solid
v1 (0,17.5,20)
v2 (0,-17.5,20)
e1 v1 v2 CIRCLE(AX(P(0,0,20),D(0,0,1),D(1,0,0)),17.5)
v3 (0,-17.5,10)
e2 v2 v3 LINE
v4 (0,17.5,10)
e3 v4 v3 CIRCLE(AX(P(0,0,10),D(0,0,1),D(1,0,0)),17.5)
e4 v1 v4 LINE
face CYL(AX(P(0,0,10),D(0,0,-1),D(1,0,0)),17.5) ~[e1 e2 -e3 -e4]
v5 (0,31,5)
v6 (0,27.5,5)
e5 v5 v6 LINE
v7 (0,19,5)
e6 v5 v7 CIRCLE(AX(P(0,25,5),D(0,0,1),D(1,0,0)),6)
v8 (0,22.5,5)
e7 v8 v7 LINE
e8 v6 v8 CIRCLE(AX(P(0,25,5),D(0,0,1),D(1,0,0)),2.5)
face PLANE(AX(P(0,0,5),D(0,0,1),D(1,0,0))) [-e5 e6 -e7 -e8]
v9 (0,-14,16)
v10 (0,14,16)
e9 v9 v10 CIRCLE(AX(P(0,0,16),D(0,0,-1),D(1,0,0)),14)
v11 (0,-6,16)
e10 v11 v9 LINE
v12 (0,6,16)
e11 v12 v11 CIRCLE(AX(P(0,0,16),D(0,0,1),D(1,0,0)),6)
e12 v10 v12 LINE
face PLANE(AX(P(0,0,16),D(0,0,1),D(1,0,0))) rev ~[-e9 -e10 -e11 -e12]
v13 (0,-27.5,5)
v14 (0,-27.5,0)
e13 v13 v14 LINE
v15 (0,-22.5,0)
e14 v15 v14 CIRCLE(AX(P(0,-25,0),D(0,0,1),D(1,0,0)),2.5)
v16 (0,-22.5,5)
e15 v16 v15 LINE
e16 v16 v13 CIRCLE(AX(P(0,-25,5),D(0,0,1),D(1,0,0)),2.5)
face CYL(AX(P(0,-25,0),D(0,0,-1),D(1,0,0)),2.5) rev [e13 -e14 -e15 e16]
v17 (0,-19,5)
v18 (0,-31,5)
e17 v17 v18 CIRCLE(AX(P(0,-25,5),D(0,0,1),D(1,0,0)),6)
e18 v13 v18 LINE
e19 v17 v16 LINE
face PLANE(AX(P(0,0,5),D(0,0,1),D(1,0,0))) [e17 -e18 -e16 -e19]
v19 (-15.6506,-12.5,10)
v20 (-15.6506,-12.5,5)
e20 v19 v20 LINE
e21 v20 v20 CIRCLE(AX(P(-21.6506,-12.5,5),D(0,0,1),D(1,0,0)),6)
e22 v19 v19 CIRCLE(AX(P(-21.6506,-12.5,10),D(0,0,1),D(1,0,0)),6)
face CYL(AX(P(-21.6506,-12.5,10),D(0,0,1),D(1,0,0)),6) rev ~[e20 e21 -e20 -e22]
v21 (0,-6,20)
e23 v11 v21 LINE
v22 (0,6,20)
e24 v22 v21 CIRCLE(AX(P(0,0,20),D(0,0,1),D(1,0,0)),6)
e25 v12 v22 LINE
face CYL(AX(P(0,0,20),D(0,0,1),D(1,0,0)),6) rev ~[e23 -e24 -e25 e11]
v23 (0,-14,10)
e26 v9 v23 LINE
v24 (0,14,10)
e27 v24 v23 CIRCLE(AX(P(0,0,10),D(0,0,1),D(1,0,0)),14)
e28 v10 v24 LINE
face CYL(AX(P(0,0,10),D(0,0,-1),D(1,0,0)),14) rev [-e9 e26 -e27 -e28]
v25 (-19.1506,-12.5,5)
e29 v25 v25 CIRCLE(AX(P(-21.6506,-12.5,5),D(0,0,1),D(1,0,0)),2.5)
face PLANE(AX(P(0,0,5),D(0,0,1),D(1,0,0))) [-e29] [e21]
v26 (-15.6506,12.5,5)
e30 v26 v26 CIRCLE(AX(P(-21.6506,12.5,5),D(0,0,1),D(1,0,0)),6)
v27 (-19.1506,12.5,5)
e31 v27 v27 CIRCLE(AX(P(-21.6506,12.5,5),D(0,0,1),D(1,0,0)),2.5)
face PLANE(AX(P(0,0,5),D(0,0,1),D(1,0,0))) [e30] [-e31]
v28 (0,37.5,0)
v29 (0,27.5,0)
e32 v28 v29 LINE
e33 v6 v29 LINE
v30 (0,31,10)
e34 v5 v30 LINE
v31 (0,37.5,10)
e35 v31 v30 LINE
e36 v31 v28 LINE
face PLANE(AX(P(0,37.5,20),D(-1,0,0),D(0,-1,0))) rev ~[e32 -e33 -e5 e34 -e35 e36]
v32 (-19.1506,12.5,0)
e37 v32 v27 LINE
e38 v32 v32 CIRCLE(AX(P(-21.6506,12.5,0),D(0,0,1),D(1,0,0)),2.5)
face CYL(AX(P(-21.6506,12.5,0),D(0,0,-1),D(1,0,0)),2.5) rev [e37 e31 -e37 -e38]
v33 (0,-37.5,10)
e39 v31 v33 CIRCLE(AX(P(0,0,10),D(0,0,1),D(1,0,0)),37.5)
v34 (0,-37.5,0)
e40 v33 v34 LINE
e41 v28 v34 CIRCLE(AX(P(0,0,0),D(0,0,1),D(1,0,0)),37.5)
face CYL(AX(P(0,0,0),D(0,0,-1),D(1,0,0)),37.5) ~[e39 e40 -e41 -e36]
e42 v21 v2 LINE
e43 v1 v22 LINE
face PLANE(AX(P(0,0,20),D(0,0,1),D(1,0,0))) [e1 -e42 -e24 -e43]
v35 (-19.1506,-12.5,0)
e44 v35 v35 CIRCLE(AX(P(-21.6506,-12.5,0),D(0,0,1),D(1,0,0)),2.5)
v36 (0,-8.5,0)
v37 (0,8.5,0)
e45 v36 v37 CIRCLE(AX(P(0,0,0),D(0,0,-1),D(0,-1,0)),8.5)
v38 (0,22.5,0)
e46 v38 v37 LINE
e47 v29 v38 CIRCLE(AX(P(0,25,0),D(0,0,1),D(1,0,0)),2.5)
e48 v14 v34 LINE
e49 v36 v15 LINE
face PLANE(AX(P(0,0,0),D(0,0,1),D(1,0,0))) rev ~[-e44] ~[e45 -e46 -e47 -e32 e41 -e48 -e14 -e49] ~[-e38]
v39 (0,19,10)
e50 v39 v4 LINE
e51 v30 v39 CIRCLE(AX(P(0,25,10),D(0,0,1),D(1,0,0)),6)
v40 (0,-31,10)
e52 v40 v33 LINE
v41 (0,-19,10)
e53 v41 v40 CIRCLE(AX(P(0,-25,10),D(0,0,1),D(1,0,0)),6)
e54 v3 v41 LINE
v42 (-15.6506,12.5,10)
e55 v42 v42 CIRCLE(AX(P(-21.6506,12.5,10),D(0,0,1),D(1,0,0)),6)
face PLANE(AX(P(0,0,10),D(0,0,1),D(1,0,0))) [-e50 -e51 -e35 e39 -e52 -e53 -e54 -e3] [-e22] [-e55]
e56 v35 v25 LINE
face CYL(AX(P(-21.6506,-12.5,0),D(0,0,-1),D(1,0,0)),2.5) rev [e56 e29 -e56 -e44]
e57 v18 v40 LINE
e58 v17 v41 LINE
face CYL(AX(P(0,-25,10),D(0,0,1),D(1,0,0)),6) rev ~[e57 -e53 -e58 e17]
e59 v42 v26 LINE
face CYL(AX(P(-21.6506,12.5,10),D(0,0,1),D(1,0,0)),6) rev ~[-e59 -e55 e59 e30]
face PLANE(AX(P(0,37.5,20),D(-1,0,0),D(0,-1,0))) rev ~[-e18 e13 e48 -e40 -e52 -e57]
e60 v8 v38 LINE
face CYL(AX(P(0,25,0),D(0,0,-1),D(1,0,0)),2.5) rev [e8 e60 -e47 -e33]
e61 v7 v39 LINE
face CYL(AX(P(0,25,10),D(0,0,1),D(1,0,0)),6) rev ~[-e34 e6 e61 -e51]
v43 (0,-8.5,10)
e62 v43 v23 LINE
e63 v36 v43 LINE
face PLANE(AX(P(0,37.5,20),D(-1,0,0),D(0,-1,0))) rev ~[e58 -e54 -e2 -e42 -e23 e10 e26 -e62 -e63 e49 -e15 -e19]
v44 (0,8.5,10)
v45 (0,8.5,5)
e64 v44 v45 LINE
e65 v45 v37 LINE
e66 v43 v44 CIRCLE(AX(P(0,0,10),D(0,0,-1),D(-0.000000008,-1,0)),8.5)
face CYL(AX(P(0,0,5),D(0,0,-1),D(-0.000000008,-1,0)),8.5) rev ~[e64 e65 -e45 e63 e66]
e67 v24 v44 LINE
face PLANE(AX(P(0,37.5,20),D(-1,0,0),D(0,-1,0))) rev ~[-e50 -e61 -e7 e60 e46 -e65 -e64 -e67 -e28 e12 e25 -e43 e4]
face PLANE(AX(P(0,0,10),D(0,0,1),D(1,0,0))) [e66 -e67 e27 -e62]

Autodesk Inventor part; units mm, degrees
ref_plane "YZ Plane" through (0, 0, 0) normal (1, 0, 0) x (0, 1, 0)
ref_plane "XZ Plane" through (0, 0, 0) normal (0, 1, 0) x (-1, 0, 0)
ref_plane "XY Plane" through (0, 0, 0) normal (0, 0, 1) x (1, 0, 0)
sketch "Sketch1" plane through (0, 0, 0) normal (0, 0, 1) x (1, 0, 0)
  circle A0 centre (0, 0) radius 37.5
  circle A1 centre (0, 25) radius 2.5
  circle A2 centre (0, 0) radius 25 construction
  circle A3 centre (-21.6506, 12.5) radius 2.5
  circle A4 centre (-21.6506, -12.5) radius 2.5
  circle A5 centre (0, -25) radius 2.5
  circle A6 centre (21.6506, -12.5) radius 2.5
  circle A7 centre (21.6506, 12.5) radius 2.5
  circle A8 centre (0, 0) radius 2.5
  dimension "d2" = 50
  dimension "d0" = 75
  dimension "d1" = 5
  dimension "d5" = 360
  dimension "d7" = 5
extrude "Extrusion1" add sketch "Sketch1" along normal blind 10
sketch "Sketch4" plane through (0, 0, 10) normal (0, 0, 1) x (1, 0, 0)
  circle A0 centre (0, 0) radius 2.5 projected
  circle A1 centre (21.6506, 12.5) radius 2.5 projected
  circle A2 centre (21.6506, -12.5) radius 2.5 projected
  circle A3 centre (0, -25) radius 2.5 projected
  circle A4 centre (-21.6506, -12.5) radius 2.5 projected
  circle A5 centre (-21.6506, 12.5) radius 2.5 projected
  circle A6 centre (0, 25) radius 2.5 projected
  circle A7 centre (0, 0) radius 37.5 projected
  circle A8 centre (0, 25) radius 6
  circle A9 centre (-21.6506, 12.5) radius 6
  circle A10 centre (-21.6506, -12.5) radius 6
  circle A11 centre (0, -25) radius 6
  circle A12 centre (21.6506, -12.5) radius 6
  circle A13 centre (21.6506, 12.5) radius 6
  dimension "d17" = 12
  dimension "d20" = 360
extrude "Extrusion4" cut sketch "Sketch4" against normal blind 5 contours A8 | A9 | A10 | A11 | A12 | A13
sketch "Sketch5" plane through (0, 0, 0) normal (0, 0, -1) x (-1, 0, 0)
  circle A0 centre (0, 0) radius 2.5 projected
  circle A1 centre (0, 0) radius 8.5
  dimension "d24" = 17
extrude "Extrusion5" cut sketch "Sketch5" against normal blind 5
sketch "Sketch6" plane through (0, 0, 10) normal (0, 0, 1) x (1, 0, 0)
  circle A0 centre (0, 0) radius 2.5 projected
  circle A1 centre (0, 0) radius 14
  circle A2 centre (0, 0) radius 17.5
  dimension "d35" = 35
  dimension "d36" = 28
extrude "Extrusion6" add sketch "Sketch6" along normal blind 10 contours A2
sketch "Sketch7" plane through (0, 0, 20) normal (0, 0, 1) x (1, 0, 0)
  circle A0 centre (0, 0) radius 6
  circle A1 centre (0, 0) radius 2.5
  circle A2 centre (0, 0) radius 17.5
  circle A3 centre (0, 0) radius 17.5 projected
  dimension "d40" = 12
extrude "Extrusion7" add sketch "Sketch7" against normal blind 4 contours A2
sketch "Sketch8" plane through (0, 0, 20) normal (0, 0, 1) x (1, 0, 0)
  circle A0 centre (0, 0) radius 37.5 projected
  line L0 (0, -37.5) -> (37.5, -37.5)
  line L1 (37.5, -37.5) -> (37.5, 37.5)
  line L2 (37.5, 37.5) -> (0, 37.5)
  line L3 (0, 37.5) -> (0, -37.5)
  point P0 (37.5, 0)
extrude "Extrusion8" cut sketch "Sketch8" against normal through all contours A0 L3 | L1 L0 A0 | A0 L2 L1 picked at (9.7729, 7.7936)
sketch "Sketch9" plane through (0, 0, 5) normal (0, 0, -1) x (-1, 0, 0)
  arc A0 (0, 14) -> (0, -14) centre (0, 0) ccw projected
  circle A1 centre (0, 0) radius 8.5 construction
  arc A2 (0, -14) -> (0, 14) centre (0, 0) ccw projected
  line L0 (0, 14) -> (-0.0015, 8.5)
  line L1 (0, -14) -> (0, -8.5)
  line L2 (0, -6) -> (0, -14) projected
  arc A3 (0, -8.5) -> (-0.0015, 8.5) centre (0, 0) ccw
  line L3 (0, 8.5) -> (0, 2.5) projected
  dimension "d39" = 17
extrude "Extrusion9" cut sketch "Sketch9" against normal blind 5 contours L0 A3 L1 A0
properties part number "BA008" material "ABS Plastic"
